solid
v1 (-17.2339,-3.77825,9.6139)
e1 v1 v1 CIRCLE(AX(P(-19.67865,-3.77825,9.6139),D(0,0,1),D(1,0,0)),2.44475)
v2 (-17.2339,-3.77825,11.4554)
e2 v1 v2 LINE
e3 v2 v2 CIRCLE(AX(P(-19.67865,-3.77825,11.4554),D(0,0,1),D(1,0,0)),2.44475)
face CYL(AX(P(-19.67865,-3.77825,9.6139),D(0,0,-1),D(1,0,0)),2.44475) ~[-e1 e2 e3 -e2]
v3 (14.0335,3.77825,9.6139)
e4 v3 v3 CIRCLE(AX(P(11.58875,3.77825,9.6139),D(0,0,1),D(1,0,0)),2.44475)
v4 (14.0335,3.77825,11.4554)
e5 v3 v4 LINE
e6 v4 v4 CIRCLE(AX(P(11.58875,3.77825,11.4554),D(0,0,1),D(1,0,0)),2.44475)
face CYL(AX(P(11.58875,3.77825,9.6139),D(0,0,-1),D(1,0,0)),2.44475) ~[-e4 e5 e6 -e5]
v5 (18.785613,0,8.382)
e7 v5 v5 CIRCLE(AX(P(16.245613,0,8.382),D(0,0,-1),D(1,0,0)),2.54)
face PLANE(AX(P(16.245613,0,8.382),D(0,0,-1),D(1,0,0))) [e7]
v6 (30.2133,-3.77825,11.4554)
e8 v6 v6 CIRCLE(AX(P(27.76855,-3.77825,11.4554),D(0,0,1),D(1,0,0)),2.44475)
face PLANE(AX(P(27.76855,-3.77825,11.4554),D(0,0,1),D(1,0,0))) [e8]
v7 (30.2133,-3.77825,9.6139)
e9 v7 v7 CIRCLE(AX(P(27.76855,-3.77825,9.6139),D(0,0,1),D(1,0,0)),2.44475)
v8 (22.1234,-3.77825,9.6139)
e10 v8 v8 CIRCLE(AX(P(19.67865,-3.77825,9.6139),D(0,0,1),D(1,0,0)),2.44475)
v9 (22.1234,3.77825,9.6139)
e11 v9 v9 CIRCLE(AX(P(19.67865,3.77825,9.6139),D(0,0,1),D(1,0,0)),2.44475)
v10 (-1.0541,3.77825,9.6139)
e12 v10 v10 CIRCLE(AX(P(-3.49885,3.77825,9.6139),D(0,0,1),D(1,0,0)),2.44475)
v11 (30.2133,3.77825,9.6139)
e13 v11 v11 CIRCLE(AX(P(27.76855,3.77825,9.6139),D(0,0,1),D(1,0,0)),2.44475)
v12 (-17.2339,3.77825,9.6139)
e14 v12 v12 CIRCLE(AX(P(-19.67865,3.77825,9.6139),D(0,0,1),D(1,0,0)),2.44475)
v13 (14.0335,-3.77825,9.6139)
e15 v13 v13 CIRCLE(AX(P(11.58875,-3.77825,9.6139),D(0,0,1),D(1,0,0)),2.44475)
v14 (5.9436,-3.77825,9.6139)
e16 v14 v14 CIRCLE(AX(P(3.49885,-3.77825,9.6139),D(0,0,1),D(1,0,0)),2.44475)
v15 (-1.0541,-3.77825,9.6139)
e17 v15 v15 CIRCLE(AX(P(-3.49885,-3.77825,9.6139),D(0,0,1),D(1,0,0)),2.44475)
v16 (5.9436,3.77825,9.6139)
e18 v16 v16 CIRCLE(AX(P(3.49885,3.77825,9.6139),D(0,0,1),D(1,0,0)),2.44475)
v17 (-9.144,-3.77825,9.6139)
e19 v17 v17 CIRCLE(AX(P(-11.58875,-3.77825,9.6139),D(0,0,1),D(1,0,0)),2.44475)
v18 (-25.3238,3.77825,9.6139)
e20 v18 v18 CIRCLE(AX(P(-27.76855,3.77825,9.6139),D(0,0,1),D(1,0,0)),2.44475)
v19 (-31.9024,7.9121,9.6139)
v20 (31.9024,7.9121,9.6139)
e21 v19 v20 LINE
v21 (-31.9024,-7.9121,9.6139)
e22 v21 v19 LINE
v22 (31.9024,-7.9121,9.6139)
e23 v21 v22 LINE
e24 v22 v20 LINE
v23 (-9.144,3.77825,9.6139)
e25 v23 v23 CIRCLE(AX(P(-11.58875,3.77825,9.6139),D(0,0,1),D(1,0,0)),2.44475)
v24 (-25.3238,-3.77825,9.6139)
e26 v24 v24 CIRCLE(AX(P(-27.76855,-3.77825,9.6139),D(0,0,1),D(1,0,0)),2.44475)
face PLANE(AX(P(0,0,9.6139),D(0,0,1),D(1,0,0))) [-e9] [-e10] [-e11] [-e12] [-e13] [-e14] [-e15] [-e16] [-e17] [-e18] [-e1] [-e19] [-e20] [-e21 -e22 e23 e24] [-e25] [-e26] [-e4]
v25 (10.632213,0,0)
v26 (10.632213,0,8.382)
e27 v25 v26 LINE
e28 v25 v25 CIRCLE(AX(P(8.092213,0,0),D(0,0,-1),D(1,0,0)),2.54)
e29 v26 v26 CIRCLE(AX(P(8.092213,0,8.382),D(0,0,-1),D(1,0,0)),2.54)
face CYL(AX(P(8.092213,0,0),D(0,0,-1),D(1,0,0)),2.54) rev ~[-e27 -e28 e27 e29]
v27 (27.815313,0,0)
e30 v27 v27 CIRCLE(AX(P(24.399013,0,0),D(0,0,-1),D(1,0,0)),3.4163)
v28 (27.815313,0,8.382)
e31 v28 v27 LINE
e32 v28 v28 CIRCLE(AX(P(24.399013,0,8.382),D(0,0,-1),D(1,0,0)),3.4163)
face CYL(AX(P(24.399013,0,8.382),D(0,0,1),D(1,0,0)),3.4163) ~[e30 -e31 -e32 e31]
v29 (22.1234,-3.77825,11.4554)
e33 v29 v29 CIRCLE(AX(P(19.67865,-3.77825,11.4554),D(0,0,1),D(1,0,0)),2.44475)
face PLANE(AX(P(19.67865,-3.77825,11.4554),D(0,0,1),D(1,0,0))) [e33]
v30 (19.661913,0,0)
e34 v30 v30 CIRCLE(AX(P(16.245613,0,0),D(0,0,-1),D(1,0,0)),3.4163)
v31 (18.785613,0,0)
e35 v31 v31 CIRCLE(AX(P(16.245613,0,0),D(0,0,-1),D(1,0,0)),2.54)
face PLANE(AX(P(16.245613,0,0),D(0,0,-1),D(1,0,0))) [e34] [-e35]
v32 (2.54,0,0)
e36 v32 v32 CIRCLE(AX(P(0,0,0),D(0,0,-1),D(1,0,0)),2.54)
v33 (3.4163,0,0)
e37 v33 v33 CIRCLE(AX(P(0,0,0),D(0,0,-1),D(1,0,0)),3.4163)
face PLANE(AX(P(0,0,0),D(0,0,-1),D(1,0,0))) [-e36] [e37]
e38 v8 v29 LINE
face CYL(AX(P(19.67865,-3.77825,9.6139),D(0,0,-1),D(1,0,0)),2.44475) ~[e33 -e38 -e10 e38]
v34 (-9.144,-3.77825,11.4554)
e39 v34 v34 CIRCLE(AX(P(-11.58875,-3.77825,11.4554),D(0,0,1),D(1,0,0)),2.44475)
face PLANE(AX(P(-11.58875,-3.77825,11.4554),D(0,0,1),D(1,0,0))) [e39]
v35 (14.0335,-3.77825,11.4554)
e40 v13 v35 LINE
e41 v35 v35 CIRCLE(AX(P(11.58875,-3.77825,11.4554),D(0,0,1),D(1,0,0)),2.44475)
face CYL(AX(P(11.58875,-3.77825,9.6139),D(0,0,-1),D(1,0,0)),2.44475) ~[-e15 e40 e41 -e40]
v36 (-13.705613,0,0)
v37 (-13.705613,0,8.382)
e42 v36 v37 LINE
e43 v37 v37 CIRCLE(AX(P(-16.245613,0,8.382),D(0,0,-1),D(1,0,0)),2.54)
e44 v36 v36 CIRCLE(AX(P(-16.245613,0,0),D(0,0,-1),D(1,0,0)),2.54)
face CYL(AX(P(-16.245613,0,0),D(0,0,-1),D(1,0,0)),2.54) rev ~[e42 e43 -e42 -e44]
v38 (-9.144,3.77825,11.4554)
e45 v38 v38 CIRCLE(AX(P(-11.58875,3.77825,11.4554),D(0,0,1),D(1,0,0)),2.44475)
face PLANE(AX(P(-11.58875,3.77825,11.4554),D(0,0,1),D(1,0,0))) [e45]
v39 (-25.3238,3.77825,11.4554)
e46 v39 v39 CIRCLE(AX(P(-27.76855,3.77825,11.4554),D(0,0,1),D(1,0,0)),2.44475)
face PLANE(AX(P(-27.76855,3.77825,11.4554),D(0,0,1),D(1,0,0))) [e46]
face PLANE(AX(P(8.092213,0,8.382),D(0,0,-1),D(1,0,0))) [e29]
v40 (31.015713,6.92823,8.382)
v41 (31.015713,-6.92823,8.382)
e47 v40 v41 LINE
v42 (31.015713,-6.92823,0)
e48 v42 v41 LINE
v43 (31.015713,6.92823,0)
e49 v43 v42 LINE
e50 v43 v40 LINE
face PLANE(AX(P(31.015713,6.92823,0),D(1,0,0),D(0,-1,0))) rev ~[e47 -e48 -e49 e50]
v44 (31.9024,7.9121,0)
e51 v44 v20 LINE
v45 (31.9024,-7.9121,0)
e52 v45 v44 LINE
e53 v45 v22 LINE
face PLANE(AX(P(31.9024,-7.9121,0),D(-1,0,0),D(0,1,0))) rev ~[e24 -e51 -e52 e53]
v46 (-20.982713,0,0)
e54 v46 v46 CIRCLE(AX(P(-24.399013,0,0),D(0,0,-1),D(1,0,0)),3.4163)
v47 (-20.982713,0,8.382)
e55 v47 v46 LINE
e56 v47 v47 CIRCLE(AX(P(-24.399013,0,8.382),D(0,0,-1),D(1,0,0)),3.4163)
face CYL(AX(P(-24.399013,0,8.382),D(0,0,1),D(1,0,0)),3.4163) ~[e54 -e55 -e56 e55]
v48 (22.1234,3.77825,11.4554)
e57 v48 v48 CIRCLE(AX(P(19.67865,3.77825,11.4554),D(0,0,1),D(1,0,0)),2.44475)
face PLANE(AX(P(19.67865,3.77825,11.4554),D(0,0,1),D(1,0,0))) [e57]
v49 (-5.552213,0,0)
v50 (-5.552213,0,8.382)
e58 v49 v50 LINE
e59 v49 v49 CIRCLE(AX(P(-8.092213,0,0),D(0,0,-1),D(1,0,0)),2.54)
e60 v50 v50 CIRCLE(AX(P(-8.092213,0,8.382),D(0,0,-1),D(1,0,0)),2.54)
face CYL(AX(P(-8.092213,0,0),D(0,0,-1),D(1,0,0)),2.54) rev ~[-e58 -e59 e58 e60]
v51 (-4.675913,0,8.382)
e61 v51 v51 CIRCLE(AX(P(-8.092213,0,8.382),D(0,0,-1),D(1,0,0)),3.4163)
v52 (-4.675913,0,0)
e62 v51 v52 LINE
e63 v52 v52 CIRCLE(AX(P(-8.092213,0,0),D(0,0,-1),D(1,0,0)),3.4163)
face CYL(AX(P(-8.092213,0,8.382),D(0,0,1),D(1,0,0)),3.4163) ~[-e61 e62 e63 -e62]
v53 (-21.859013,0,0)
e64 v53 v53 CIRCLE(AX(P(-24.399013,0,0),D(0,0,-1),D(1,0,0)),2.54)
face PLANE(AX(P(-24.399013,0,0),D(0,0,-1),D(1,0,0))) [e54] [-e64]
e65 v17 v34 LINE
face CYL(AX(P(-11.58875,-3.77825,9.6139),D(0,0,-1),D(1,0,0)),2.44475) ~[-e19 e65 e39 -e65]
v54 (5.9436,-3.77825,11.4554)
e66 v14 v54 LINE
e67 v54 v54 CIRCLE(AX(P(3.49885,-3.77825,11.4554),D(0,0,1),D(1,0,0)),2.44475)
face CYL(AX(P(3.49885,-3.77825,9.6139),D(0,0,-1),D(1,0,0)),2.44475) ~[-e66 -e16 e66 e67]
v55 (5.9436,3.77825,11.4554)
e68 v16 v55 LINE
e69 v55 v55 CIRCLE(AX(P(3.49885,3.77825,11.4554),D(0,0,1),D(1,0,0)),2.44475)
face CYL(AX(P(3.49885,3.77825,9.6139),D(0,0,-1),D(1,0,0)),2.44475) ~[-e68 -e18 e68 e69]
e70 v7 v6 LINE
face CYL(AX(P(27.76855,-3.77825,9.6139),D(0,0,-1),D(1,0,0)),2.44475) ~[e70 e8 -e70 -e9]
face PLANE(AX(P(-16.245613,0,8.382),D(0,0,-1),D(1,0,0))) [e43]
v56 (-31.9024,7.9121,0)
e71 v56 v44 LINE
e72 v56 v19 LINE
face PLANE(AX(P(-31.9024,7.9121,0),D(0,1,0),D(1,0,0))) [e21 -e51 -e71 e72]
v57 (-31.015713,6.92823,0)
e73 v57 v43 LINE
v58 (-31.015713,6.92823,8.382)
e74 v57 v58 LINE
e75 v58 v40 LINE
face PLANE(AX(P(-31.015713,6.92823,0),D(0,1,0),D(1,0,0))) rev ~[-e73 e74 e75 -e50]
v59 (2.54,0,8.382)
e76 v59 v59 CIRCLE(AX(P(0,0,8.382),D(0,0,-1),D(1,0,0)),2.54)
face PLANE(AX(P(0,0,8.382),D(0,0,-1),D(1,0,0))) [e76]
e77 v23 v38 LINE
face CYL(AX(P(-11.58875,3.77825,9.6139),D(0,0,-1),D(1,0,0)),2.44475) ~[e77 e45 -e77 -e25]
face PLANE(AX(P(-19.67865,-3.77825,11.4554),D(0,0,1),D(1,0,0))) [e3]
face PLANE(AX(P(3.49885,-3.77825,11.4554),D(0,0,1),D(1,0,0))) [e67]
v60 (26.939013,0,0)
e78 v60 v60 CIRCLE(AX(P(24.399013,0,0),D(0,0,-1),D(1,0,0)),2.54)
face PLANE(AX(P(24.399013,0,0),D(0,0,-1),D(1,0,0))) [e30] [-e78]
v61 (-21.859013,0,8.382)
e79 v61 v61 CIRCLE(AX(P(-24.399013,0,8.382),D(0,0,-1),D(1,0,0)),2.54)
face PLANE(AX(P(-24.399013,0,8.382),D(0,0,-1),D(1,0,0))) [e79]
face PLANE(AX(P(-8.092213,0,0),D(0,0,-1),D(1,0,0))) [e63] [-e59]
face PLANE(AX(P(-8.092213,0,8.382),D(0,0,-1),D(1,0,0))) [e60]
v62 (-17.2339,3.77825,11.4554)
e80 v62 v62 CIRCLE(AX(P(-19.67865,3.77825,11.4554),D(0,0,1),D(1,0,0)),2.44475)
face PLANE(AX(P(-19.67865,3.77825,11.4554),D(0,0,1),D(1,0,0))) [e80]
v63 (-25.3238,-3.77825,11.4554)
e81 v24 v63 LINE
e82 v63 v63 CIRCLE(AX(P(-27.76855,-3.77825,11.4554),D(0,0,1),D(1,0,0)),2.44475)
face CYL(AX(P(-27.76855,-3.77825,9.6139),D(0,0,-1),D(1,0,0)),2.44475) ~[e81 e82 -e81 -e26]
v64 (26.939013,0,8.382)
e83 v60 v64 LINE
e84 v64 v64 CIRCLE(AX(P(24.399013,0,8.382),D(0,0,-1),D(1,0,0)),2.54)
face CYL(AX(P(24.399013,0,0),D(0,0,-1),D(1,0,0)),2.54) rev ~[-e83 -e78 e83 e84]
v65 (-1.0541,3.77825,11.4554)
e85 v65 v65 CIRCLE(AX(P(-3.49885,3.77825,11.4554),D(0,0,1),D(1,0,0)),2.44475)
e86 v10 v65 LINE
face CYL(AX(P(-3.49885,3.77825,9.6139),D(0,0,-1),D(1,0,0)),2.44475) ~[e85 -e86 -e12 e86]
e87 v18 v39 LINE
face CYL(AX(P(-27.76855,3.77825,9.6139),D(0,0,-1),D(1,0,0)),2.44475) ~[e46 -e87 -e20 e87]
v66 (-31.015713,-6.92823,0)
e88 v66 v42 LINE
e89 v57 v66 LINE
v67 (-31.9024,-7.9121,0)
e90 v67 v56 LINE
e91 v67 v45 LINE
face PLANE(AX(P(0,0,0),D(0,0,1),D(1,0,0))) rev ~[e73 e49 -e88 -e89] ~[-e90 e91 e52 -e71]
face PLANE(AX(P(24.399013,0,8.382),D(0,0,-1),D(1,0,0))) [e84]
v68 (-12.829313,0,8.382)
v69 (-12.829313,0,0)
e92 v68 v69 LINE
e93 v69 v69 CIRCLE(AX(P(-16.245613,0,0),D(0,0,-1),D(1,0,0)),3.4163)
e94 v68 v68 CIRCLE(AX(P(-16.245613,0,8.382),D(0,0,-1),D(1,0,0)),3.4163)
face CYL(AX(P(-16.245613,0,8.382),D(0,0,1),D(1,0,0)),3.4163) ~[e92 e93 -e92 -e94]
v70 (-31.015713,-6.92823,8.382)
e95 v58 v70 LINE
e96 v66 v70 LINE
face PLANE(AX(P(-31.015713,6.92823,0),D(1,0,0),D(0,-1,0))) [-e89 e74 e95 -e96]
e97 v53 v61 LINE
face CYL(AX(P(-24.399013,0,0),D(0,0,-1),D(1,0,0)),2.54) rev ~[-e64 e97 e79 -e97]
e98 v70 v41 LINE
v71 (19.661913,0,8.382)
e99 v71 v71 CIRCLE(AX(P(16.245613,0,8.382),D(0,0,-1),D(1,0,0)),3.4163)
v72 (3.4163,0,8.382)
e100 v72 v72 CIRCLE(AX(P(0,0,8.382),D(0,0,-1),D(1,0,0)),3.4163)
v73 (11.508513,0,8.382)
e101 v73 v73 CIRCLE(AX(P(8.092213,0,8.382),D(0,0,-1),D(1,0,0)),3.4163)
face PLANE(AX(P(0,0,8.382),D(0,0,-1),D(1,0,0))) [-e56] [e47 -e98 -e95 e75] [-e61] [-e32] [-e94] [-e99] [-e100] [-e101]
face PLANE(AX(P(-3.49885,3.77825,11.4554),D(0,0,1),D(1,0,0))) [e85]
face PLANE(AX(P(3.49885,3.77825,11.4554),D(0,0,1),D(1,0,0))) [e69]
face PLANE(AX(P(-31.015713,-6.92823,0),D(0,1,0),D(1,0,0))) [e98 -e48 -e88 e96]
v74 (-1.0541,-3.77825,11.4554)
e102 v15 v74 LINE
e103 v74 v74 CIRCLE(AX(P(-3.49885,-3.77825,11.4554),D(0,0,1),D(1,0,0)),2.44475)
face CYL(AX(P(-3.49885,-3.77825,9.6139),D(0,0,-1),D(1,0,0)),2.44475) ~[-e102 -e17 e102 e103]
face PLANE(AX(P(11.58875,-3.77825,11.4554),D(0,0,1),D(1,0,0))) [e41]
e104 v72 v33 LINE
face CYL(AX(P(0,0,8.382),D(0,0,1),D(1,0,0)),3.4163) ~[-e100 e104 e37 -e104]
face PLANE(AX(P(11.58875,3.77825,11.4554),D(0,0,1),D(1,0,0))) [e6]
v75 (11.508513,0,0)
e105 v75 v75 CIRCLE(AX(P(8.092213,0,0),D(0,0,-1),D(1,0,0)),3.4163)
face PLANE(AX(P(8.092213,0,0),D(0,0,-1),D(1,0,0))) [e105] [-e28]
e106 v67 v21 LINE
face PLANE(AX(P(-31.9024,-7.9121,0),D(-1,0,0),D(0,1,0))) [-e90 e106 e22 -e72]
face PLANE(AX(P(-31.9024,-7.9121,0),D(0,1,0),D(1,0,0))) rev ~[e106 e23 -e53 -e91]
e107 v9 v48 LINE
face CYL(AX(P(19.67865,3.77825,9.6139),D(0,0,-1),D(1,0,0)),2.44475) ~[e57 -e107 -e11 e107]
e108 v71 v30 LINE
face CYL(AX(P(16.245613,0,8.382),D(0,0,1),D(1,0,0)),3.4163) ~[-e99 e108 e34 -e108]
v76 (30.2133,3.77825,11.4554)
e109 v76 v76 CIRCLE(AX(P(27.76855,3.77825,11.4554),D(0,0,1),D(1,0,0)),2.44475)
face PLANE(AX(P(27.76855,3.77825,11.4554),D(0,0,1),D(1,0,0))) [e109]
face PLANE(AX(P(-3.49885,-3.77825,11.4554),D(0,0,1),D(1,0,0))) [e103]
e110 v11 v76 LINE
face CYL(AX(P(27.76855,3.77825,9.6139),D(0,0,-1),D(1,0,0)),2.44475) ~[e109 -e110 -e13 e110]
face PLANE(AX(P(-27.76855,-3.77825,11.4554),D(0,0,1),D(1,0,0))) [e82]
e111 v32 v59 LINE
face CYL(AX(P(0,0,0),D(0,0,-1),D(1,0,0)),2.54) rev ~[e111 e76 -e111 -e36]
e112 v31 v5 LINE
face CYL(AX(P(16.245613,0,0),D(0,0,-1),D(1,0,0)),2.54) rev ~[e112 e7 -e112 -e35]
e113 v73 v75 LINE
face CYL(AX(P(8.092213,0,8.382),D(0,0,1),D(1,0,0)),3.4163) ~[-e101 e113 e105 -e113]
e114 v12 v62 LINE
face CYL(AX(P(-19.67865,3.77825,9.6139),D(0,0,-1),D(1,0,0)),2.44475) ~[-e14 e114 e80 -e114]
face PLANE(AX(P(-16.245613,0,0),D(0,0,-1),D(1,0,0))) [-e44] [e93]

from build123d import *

# Parameters (mm, degrees)
F0_W     = 63.8048
F0_H     = 15.8242
F1_DEPTH = 9.6139
F2_R     = 2.44475
F3_DEPTH = 1.8415
F4_W     = 62.031426
F4_H     = 13.85646
F5_DEPTH = 8.382
F6_R     = 3.4163
F7_DEPTH = 8.382
F8_R     = 2.54
F9_DEPTH = 8.382


with BuildPart() as f1:
    # F0 (on Top) → F1 (new body)
    with BuildSketch(Plane.XY):
        Rectangle(F0_W, F0_H)
    extrude(amount=F1_DEPTH)

    # F2 (on face) → F3 (join)
    with BuildSketch(Plane.XY.offset(9.6139)):
        with Locations((-27.76855, 3.77825)):
            Circle(F2_R)
        with Locations((11.58875, -3.77825)):
            Circle(F2_R)
        with Locations((-3.49885, -3.77825)):
            Circle(F2_R)
        with Locations((3.49885, -3.77825)):
            Circle(F2_R)
        with Locations((19.67865, -3.77825)):
            Circle(F2_R)
        with Locations((27.76855, -3.77825)):
            Circle(F2_R)
        with Locations((27.76855, 3.77825)):
            Circle(F2_R)
        with Locations((19.67865, 3.77825)):
            Circle(F2_R)
        with Locations((11.58875, 3.77825)):
            Circle(F2_R)
        with Locations((-27.76855, -3.77825)):
            Circle(F2_R)
        with Locations((3.49885, 3.77825)):
            Circle(F2_R)
        with Locations((-3.49885, 3.77825)):
            Circle(F2_R)
        with Locations((-11.58875, 3.77825)):
            Circle(F2_R)
        with Locations((-11.58875, -3.77825)):
            Circle(F2_R)
        with Locations((-19.67865, -3.77825)):
            Circle(F2_R)
        with Locations((-19.67865, 3.77825)):
            Circle(F2_R)
    extrude(amount=F3_DEPTH)

    # F4 (on face) → F5 (cut)
    with BuildSketch(Plane(origin=(0, 0, 0), x_dir=(1, 0, 0), z_dir=(0, 0, -1))):
        Rectangle(F4_W, F4_H)
    extrude(amount=-F5_DEPTH, mode=Mode.SUBTRACT)

    # F6 (on face) → F7 (join)
    with BuildSketch(Plane(origin=(0, 0, 8.382), x_dir=(1, 0, 0), z_dir=(0, 0, -1))):
        with Locations((-16.245613, 0)):
            Circle(F6_R)
        with Locations((-24.399013, 0)):
            Circle(F6_R)
        Circle(F6_R)
        with Locations((-8.092213, 0)):
            Circle(F6_R)
        with Locations((8.092213, 0)):
            Circle(F6_R)
        with Locations((24.399013, 0)):
            Circle(F6_R)
        with Locations((16.245613, 0)):
            Circle(F6_R)
    extrude(amount=F7_DEPTH)

    # F8 (on face) → F9 (cut)
    with BuildSketch(Plane(origin=(0, 0, 0), x_dir=(1, 0, 0), z_dir=(0, 0, -1))):
        with Locations((-24.399013, 0)):
            Circle(F8_R)
        with Locations((-16.245613, 0)):
            Circle(F8_R)
        with Locations((-8.092213, 0)):
            Circle(F8_R)
        Circle(F8_R)
        with Locations((8.092213, 0)):
            Circle(F8_R)
        with Locations((16.245613, 0)):
            Circle(F8_R)
        with Locations((24.399013, 0)):
            Circle(F8_R)
    extrude(amount=-F9_DEPTH, mode=Mode.SUBTRACT)


solid = f1.part
